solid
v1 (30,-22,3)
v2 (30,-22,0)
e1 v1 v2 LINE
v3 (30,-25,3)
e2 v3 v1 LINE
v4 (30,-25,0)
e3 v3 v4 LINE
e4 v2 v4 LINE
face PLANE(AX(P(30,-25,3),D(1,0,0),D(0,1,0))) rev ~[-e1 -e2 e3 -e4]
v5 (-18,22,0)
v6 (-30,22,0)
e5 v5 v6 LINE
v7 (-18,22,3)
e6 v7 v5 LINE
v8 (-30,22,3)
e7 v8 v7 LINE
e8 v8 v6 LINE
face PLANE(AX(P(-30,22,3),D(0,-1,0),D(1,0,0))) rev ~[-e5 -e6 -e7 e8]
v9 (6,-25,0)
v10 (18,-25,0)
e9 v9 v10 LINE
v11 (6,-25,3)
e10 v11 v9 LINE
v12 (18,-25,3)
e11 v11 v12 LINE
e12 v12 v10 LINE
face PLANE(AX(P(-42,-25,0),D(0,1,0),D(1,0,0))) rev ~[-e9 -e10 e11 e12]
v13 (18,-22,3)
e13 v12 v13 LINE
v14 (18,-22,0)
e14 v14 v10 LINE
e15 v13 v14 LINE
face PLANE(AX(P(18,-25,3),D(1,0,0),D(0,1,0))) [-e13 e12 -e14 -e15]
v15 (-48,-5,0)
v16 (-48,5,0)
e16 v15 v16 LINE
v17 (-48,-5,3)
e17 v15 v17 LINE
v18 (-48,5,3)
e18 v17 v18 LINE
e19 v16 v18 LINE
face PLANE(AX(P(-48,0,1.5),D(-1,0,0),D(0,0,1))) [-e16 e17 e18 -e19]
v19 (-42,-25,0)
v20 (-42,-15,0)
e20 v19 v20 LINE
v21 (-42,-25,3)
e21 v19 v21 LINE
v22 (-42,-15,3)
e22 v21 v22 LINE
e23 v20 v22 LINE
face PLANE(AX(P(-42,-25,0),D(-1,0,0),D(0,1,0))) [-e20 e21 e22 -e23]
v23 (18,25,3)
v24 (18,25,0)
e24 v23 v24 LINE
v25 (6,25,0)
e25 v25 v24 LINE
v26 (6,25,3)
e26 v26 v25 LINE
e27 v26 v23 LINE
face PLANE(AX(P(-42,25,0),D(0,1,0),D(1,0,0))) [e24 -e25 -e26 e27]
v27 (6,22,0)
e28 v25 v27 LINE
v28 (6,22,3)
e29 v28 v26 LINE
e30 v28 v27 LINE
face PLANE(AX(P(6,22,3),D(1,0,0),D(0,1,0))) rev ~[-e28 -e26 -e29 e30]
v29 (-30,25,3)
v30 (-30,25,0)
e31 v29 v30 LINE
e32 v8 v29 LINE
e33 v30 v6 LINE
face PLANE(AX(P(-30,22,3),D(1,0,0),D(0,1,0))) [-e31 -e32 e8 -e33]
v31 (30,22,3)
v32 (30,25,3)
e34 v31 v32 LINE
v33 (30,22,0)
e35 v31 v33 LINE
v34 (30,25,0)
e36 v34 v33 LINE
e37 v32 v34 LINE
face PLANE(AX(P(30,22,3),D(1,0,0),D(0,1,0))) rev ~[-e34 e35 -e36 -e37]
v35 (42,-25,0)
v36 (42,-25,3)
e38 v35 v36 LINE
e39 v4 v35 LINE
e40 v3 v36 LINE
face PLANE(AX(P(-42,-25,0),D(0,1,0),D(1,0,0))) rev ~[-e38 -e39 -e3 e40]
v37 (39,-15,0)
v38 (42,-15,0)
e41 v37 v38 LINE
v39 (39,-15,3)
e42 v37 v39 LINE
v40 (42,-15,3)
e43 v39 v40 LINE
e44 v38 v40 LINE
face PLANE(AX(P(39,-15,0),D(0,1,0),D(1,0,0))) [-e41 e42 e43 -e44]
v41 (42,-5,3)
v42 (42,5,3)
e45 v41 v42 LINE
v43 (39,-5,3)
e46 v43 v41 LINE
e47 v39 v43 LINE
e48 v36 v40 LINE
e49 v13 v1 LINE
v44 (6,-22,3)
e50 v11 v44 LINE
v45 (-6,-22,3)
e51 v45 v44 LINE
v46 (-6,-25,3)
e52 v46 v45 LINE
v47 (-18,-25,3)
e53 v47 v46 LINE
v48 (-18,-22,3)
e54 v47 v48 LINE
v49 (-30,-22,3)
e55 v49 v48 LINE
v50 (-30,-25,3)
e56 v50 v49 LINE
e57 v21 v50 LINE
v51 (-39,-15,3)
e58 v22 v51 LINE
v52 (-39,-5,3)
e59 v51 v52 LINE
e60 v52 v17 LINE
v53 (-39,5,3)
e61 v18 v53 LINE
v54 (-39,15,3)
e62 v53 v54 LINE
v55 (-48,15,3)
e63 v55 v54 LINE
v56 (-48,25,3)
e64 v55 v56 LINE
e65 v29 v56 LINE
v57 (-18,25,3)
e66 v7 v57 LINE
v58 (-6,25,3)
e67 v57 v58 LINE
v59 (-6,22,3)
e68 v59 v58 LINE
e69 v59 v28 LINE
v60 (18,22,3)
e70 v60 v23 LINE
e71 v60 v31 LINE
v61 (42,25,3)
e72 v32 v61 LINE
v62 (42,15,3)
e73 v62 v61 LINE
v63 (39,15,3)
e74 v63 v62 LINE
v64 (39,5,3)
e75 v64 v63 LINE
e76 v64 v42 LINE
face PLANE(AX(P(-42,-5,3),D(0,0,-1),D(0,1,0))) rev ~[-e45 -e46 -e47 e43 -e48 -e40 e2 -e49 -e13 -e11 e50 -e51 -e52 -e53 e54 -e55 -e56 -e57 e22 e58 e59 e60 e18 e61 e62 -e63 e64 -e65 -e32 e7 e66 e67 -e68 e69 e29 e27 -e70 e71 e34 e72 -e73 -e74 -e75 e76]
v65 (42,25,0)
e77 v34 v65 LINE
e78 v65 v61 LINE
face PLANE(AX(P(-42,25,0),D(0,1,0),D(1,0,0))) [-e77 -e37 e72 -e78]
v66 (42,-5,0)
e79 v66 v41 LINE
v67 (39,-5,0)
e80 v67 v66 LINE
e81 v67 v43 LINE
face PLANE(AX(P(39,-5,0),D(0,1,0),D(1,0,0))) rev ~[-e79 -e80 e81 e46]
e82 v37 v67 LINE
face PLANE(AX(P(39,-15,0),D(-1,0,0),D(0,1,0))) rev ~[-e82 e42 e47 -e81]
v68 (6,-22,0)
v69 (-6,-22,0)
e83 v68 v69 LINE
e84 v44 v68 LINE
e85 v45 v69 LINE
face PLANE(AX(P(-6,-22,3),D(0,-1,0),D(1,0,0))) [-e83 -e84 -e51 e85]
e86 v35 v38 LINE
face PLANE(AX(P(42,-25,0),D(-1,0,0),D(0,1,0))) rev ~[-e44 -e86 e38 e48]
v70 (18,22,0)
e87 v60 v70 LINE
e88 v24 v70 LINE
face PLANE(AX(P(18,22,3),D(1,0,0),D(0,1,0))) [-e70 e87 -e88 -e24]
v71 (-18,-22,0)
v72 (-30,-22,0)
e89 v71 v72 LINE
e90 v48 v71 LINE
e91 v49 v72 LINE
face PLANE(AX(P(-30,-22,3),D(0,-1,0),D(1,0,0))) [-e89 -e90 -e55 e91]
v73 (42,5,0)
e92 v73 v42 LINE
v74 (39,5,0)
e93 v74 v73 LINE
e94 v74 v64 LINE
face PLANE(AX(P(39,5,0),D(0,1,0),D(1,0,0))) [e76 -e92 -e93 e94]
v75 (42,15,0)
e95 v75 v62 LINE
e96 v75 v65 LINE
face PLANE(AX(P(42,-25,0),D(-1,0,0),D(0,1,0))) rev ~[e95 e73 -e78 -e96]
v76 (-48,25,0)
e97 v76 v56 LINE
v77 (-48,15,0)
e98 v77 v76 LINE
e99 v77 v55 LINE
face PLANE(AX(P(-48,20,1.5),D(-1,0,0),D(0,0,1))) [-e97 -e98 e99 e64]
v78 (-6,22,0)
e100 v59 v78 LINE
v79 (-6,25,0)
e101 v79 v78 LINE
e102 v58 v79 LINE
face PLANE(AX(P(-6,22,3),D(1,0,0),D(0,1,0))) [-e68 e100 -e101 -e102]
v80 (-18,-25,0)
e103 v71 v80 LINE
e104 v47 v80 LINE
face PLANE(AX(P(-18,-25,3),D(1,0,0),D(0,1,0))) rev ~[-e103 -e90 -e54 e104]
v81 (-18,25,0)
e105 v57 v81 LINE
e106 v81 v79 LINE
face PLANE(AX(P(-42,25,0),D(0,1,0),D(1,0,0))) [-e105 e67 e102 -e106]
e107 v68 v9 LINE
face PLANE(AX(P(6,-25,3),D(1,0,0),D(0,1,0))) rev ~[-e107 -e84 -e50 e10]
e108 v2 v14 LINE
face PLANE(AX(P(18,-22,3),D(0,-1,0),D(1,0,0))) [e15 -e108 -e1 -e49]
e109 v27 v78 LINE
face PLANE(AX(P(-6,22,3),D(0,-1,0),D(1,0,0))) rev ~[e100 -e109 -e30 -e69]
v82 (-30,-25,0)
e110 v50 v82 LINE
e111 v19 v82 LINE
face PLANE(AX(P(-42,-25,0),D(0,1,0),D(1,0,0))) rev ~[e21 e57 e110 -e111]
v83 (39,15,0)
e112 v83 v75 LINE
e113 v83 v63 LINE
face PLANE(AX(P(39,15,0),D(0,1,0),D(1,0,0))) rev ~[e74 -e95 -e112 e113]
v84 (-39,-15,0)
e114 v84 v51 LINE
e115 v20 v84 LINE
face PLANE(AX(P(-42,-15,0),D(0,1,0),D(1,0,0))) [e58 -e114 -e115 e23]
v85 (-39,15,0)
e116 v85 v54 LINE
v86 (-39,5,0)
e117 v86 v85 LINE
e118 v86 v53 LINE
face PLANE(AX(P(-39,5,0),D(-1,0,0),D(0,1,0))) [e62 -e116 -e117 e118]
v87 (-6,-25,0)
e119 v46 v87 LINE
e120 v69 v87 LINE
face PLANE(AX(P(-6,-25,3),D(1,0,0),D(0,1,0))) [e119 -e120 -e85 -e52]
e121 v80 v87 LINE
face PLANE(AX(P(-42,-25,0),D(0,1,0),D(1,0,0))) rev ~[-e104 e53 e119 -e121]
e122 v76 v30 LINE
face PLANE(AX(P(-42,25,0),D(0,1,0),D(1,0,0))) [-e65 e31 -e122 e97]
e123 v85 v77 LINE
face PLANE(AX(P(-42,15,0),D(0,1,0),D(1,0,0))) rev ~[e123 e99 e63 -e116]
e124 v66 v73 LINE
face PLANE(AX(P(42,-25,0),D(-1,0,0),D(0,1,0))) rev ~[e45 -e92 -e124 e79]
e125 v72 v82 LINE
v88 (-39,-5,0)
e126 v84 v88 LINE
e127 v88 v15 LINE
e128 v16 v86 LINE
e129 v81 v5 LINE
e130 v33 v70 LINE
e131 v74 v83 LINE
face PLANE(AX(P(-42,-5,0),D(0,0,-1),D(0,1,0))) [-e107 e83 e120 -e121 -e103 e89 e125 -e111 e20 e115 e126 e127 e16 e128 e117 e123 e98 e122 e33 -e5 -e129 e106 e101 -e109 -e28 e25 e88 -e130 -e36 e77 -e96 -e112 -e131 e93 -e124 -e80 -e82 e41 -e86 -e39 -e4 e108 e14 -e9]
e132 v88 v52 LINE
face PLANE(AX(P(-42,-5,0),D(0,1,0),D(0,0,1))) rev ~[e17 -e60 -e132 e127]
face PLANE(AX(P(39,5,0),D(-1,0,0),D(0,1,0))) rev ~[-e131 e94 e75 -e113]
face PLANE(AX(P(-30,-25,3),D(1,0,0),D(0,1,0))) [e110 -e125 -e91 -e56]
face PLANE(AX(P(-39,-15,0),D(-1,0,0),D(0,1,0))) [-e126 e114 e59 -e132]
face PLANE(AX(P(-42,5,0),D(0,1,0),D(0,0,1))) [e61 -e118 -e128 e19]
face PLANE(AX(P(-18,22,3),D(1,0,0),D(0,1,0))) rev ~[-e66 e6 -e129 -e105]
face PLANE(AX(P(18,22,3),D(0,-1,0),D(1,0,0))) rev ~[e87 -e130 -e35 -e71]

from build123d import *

# Parameters (mm, degrees)
ESBO_O4_W                = 84
ESBO_O4_H                = 50
RESSALTO_EXTRUS_O2_DEPTH = 3
CORTE_EXTRUS_O2_REACH    = 50.969
ESBO_O5_W                = 12
ESBO_O5_H                = 3
CORTE_EXTRUS_O4_REACH    = 50.969
ESBO_O6_W                = 3
ESBO_O6_H                = 10
ESBO_O11_W               = 3
ESBO_O11_H               = 10
RESSALTO_EXTRUS_O4_DEPTH = 6


with BuildPart() as part:
    # Esboço4 → Ressalto-extrusão2 (new body)
    with BuildSketch(Plane.XY):
        Rectangle(ESBO_O4_W, ESBO_O4_H)
    extrude(amount=RESSALTO_EXTRUS_O2_DEPTH)

    # Esboço5 → Corte-extrusão2 (cut, up to next)
    with BuildSketch(Plane.XY.offset(3), mode=Mode.PRIVATE) as corte_extrus_o2_sk1:
        with Locations((24, 23.5)):
            Rectangle(ESBO_O5_W, ESBO_O5_H)
    corte_extrus_o2_tool1 = extrude(corte_extrus_o2_sk1.sketch, amount=-CORTE_EXTRUS_O2_REACH, mode=Mode.PRIVATE) & part.part
    # Esboço5 → Corte-extrusão2 (cut, up to next)
    with BuildSketch(Plane.XY.offset(3), mode=Mode.PRIVATE) as corte_extrus_o2_sk2:
        with Locations((-24, 23.5)):
            Rectangle(ESBO_O5_W, ESBO_O5_H)
    corte_extrus_o2_tool2 = extrude(corte_extrus_o2_sk2.sketch, amount=-CORTE_EXTRUS_O2_REACH, mode=Mode.PRIVATE) & part.part
    # Esboço5 → Corte-extrusão2 (cut, up to next)
    with BuildSketch(Plane.XY.offset(3), mode=Mode.PRIVATE) as corte_extrus_o2_sk3:
        with Locations((0, 23.5)):
            Rectangle(ESBO_O5_W, ESBO_O5_H)
    corte_extrus_o2_tool3 = extrude(corte_extrus_o2_sk3.sketch, amount=-CORTE_EXTRUS_O2_REACH, mode=Mode.PRIVATE) & part.part
    # Esboço5 → Corte-extrusão2 (cut, up to next)
    with BuildSketch(Plane.XY.offset(3), mode=Mode.PRIVATE) as corte_extrus_o2_sk4:
        with Locations((0, -23.5)):
            Rectangle(ESBO_O5_W, ESBO_O5_H)
    corte_extrus_o2_tool4 = extrude(corte_extrus_o2_sk4.sketch, amount=-CORTE_EXTRUS_O2_REACH, mode=Mode.PRIVATE) & part.part
    # Esboço5 → Corte-extrusão2 (cut, up to next)
    with BuildSketch(Plane.XY.offset(3), mode=Mode.PRIVATE) as corte_extrus_o2_sk5:
        with Locations((-24, -23.5)):
            Rectangle(ESBO_O5_W, ESBO_O5_H)
    corte_extrus_o2_tool5 = extrude(corte_extrus_o2_sk5.sketch, amount=-CORTE_EXTRUS_O2_REACH, mode=Mode.PRIVATE) & part.part
    # Esboço5 → Corte-extrusão2 (cut, up to next)
    with BuildSketch(Plane.XY.offset(3), mode=Mode.PRIVATE) as corte_extrus_o2_sk6:
        with Locations((24, -23.5)):
            Rectangle(ESBO_O5_W, ESBO_O5_H)
    corte_extrus_o2_tool6 = extrude(corte_extrus_o2_sk6.sketch, amount=-CORTE_EXTRUS_O2_REACH, mode=Mode.PRIVATE) & part.part
    add(corte_extrus_o2_tool1.solids().sort_by_distance((24, 23.5, 3))[0], mode=Mode.SUBTRACT)
    add(corte_extrus_o2_tool2.solids().sort_by_distance((-24, 23.5, 3))[0], mode=Mode.SUBTRACT)
    add(corte_extrus_o2_tool3.solids().sort_by_distance((0, 23.5, 3))[0], mode=Mode.SUBTRACT)
    add(corte_extrus_o2_tool4.solids().sort_by_distance((0, -23.5, 3))[0], mode=Mode.SUBTRACT)
    add(corte_extrus_o2_tool5.solids().sort_by_distance((-24, -23.5, 3))[0], mode=Mode.SUBTRACT)
    add(corte_extrus_o2_tool6.solids().sort_by_distance((24, -23.5, 3))[0], mode=Mode.SUBTRACT)

    # Esboço6 → Corte-extrusão4 (cut, up to next)
    with BuildSketch(Plane.XY, mode=Mode.PRIVATE) as corte_extrus_o4_sk1:
        with Locations((40.5, 10)):
            Rectangle(ESBO_O6_W, ESBO_O6_H)
    corte_extrus_o4_tool1 = extrude(corte_extrus_o4_sk1.sketch, amount=CORTE_EXTRUS_O4_REACH, mode=Mode.PRIVATE) & part.part
    # Esboço6 → Corte-extrusão4 (cut, up to next)
    with BuildSketch(Plane.XY, mode=Mode.PRIVATE) as corte_extrus_o4_sk2:
        with Locations((-40.5, 10)):
            Rectangle(ESBO_O6_W, ESBO_O6_H)
    corte_extrus_o4_tool2 = extrude(corte_extrus_o4_sk2.sketch, amount=CORTE_EXTRUS_O4_REACH, mode=Mode.PRIVATE) & part.part
    # Esboço6 → Corte-extrusão4 (cut, up to next)
    with BuildSketch(Plane.XY, mode=Mode.PRIVATE) as corte_extrus_o4_sk3:
        with Locations((-40.5, -10)):
            Rectangle(ESBO_O6_W, ESBO_O6_H)
    corte_extrus_o4_tool3 = extrude(corte_extrus_o4_sk3.sketch, amount=CORTE_EXTRUS_O4_REACH, mode=Mode.PRIVATE) & part.part
    # Esboço6 → Corte-extrusão4 (cut, up to next)
    with BuildSketch(Plane.XY, mode=Mode.PRIVATE) as corte_extrus_o4_sk4:
        with Locations((40.5, -10)):
            Rectangle(ESBO_O6_W, ESBO_O6_H)
    corte_extrus_o4_tool4 = extrude(corte_extrus_o4_sk4.sketch, amount=CORTE_EXTRUS_O4_REACH, mode=Mode.PRIVATE) & part.part
    add(corte_extrus_o4_tool1.solids().sort_by_distance((40.5, 10, 0))[0], mode=Mode.SUBTRACT)
    add(corte_extrus_o4_tool2.solids().sort_by_distance((-40.5, 10, 0))[0], mode=Mode.SUBTRACT)
    add(corte_extrus_o4_tool3.solids().sort_by_distance((-40.5, -10, 0))[0], mode=Mode.SUBTRACT)
    add(corte_extrus_o4_tool4.solids().sort_by_distance((40.5, -10, 0))[0], mode=Mode.SUBTRACT)

    # Esboço11 → Ressalto-extrusão4 (add)
    with BuildSketch(Plane.ZY.offset(42)):
        with Locations((1.5, 0)):
            Rectangle(ESBO_O11_W, ESBO_O11_H)
        with Locations((1.5, 20)):
            Rectangle(ESBO_O11_W, ESBO_O11_H)
    extrude(amount=RESSALTO_EXTRUS_O4_DEPTH)


solid = part.part
